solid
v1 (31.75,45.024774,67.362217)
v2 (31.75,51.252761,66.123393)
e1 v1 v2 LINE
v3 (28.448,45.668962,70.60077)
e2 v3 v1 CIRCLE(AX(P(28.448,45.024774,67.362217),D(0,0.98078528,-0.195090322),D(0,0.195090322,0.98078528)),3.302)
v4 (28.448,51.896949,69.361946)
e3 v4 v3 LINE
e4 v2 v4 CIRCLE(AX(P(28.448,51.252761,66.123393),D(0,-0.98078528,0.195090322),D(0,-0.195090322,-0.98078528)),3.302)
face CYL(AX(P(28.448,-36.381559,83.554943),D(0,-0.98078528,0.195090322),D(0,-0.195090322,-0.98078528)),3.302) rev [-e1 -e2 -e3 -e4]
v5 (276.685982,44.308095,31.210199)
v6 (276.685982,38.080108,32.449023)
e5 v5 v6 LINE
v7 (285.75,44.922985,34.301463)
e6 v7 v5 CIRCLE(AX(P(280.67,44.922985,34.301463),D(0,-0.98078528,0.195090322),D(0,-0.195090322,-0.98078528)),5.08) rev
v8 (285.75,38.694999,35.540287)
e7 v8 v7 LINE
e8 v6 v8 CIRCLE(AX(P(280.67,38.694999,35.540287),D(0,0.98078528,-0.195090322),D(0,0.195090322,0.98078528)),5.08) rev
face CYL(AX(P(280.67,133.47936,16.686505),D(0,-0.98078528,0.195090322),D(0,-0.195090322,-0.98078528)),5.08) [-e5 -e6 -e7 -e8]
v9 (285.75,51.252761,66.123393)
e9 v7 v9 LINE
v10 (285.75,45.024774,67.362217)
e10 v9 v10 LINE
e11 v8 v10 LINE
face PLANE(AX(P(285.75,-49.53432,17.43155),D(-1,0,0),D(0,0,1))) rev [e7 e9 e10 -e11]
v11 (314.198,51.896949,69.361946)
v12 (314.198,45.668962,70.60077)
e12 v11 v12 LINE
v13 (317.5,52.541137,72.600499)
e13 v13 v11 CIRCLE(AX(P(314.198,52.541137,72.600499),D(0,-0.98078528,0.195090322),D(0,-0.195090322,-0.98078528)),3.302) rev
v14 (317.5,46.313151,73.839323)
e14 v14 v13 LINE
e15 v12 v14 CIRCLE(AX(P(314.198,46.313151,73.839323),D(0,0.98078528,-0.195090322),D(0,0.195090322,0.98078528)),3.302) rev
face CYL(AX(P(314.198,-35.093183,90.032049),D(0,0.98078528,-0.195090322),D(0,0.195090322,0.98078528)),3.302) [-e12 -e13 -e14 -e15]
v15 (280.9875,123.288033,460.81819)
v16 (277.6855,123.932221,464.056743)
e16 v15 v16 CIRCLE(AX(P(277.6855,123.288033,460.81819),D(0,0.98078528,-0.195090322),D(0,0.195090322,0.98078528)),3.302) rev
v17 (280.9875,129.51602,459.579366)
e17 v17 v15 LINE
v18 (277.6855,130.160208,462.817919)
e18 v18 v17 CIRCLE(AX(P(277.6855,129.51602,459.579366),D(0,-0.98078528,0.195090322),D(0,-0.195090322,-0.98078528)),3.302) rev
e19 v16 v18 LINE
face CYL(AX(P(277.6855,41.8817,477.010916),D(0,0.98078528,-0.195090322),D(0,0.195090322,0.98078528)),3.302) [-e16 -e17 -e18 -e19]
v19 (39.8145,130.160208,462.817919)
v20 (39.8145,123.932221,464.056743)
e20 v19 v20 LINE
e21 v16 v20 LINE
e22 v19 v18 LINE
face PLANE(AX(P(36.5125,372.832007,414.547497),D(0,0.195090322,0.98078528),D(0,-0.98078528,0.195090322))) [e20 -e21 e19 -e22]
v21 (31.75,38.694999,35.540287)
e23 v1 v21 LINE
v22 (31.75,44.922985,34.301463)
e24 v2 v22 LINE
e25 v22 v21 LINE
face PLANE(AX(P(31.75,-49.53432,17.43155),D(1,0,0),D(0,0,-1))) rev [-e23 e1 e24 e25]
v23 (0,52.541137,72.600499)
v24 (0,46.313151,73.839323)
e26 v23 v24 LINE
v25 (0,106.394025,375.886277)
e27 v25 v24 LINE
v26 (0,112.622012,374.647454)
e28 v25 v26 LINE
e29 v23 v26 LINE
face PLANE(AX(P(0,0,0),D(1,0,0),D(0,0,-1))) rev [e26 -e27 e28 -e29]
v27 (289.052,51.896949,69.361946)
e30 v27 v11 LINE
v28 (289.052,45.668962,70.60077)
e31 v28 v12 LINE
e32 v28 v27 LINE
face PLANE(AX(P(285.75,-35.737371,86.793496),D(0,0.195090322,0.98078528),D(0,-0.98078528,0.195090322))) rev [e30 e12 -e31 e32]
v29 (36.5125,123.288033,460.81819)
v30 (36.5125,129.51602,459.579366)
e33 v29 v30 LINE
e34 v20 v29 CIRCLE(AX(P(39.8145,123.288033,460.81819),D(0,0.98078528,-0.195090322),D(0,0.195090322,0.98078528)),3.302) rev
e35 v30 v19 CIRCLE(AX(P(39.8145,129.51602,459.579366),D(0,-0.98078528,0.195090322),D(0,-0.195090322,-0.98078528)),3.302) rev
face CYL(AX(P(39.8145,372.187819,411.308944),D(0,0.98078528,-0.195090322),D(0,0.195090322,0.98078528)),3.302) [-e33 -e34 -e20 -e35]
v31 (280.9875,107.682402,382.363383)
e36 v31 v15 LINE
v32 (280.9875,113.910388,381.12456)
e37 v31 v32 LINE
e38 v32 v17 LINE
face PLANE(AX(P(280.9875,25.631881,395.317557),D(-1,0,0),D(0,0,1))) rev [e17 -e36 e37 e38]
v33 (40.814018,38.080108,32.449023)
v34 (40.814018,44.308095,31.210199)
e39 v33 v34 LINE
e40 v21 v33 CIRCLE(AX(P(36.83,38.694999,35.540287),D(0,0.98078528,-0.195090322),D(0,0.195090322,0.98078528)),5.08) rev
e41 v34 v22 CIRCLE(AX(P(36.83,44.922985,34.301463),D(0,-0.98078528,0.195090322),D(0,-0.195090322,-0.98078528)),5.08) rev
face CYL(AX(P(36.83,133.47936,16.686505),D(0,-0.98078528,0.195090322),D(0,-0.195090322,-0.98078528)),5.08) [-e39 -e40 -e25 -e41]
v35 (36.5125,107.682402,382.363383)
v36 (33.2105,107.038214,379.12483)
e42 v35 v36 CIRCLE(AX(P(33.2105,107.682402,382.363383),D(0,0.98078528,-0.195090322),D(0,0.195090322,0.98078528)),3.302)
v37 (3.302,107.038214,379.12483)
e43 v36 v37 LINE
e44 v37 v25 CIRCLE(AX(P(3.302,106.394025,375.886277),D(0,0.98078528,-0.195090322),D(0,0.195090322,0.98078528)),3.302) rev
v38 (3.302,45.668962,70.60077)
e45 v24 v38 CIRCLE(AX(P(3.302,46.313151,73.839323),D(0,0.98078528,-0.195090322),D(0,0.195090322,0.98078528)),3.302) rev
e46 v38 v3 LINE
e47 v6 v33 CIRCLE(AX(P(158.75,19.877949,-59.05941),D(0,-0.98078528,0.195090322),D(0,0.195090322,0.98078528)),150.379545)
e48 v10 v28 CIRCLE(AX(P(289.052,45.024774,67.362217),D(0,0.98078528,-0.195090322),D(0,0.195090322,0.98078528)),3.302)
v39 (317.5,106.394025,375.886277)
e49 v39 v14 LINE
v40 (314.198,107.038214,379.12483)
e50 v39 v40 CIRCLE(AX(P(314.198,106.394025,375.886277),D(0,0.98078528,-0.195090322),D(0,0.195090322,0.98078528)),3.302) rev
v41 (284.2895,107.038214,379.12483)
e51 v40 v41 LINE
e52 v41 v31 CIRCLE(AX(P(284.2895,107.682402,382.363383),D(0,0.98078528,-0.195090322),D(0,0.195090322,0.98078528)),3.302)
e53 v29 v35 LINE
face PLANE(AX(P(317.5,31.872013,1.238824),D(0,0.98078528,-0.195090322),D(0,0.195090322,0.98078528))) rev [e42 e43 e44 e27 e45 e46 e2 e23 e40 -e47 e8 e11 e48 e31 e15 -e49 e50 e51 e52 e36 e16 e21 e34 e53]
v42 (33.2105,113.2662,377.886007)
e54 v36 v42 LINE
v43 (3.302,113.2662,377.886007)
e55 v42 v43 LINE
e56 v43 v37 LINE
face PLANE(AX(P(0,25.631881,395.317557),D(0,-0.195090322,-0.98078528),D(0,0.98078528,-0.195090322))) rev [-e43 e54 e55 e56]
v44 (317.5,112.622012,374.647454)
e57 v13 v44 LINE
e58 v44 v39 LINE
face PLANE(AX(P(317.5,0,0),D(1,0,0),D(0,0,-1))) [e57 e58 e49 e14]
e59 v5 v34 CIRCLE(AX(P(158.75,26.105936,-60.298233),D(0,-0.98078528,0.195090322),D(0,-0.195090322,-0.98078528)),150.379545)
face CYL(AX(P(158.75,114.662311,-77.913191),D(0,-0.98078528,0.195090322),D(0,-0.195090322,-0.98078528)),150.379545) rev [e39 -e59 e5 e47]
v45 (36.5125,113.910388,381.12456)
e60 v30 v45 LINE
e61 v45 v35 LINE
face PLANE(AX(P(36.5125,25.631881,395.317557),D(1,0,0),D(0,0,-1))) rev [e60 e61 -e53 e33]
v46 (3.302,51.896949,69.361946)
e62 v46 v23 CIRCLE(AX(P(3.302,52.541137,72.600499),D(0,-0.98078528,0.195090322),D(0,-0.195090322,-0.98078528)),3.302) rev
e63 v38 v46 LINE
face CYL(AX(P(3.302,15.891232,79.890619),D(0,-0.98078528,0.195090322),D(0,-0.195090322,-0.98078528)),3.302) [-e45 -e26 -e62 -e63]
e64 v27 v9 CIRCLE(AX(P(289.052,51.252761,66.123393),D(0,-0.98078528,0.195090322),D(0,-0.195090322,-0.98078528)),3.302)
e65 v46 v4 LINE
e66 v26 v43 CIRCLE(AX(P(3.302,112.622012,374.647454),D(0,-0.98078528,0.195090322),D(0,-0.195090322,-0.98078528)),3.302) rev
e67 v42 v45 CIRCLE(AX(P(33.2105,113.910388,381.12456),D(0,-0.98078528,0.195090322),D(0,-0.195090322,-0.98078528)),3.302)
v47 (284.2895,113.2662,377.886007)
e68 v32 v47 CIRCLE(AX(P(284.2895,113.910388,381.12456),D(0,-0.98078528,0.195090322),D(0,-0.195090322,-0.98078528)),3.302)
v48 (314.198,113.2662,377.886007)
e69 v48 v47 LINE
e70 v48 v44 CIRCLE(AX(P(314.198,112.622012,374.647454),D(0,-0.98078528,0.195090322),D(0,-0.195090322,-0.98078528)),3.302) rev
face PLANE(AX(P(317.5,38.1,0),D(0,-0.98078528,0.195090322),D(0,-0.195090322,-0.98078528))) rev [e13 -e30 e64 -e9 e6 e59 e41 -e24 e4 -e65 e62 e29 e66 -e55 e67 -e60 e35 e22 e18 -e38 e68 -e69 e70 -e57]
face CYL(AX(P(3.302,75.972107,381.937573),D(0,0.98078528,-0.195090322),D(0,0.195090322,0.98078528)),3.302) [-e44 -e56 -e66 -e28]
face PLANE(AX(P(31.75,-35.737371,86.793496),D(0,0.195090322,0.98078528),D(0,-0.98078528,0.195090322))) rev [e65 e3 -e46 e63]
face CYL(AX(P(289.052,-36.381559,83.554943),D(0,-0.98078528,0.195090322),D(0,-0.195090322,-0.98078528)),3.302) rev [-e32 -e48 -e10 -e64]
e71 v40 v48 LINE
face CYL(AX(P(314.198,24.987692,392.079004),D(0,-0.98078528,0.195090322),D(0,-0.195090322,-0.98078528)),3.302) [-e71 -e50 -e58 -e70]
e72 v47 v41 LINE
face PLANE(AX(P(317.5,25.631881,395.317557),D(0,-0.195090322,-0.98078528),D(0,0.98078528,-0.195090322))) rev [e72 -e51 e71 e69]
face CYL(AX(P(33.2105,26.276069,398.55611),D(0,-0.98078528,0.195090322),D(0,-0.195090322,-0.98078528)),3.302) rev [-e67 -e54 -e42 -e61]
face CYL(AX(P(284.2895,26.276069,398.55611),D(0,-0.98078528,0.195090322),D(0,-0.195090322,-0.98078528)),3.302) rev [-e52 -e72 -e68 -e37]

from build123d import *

# Parameters (mm, degrees)
BOSS_EXTRUDE1_DEPTH = 317.5
SKETCH2_W           = 31.75
SKETCH2_H           = 70.720826982
SKETCH2_W_2         = 36.5125
SKETCH2_H_2         = 48.495826983
CUT_EXTRUDE1_DEPTH  = 90.351177502
SKETCH5_W           = 244.475
SKETCH5_H           = 38.1
BOSS_EXTRUDE2_DEPTH = 6.35
CUT_EXTRUDE3_DEPTH  = 97.641296888
FILLET3_R           = 5.08
FILLET4_R           = 3.302


with BuildPart() as part:
    # Sketch1 → Boss-Extrude1 (new body)
    with BuildSketch(Plane(origin=(0, 0, 0), x_dir=(0, 0, -1), z_dir=(1, 0, 0))):
        Polygon((0, 38.1), (-1.238823545, 31.872013469), (-426.688823545, 116.499280171), (-425.45, 122.727266702), align=None)
    extrude(amount=BOSS_EXTRUDE1_DEPTH)

    # Sketch2 → Cut-Extrude1 (cut, through all)
    with BuildSketch(Plane(origin=(0, 36.649905094, -7.290119387), x_dir=(1, 0, 0), z_dir=(0, 0.98078528, -0.195090322))):
        with Locations((15.875, -42.79335476)):
            Rectangle(SKETCH2_W, SKETCH2_H)
        with Locations((18.25625, -416.970086038)):
            Rectangle(SKETCH2_W_2, SKETCH2_H_2)
        with Locations((301.625, -42.79335476)):
            Rectangle(SKETCH2_W, SKETCH2_H)
        with Locations((299.24375, -416.970086038)):
            Rectangle(SKETCH2_W_2, SKETCH2_H_2)
    extrude(amount=-CUT_EXTRUDE1_DEPTH, mode=Mode.SUBTRACT)

    # Sketch5 → Boss-Extrude2 (add)
    with BuildSketch(Plane(origin=(0, 30.421918564, -6.051295842), x_dir=(1, 0, 0), z_dir=(0, -0.98078528, 0.195090322))):
        with Locations((158.75, 460.267999529)):
            Rectangle(SKETCH5_W, SKETCH5_H)
    extrude(amount=-BOSS_EXTRUDE2_DEPTH)

    # Sketch6 → Cut-Extrude3 (cut, through all)
    with BuildSketch(Plane(origin=(0, 30.421918564, -6.051295842), x_dir=(1, 0, 0), z_dir=(0, -0.98078528, 0.195090322))):
        with BuildLine():
            Line((31.75, 26.482941269), (31.75, 7.432941269))
            Line((31.75, 7.432941269), (285.75, 7.432941269))
            Line((285.75, 7.432941269), (285.75, 26.482941269))
            ThreePointArc((285.75, 26.482941269), (158.75, 96.332941269), (31.75, 26.482941269))
        make_face()
    extrude(amount=-CUT_EXTRUDE3_DEPTH, mode=Mode.SUBTRACT)

    # Fillet3
    fillet3_edges = [part.edges().sort_by_distance(p)[0] for p in [
        (285.75, 38.702477369, 19.303371364),
        (31.75, 38.702477369, 19.303371364),
    ]]
    fillet(fillet3_edges, radius=FILLET3_R)

    # Fillet4
    fillet4_edges = [part.edges().sort_by_distance(p)[0] for p in [
        (0, 48.782955644, 69.981357895),
        (0, 110.152206934, 378.505418507),
        (317.5, 110.152206934, 378.505418507),
        (317.5, 48.782955644, 69.981357895),
        (36.5125, 110.152206934, 378.505418507),
        (285.75, 48.782955644, 69.981357895),
        (280.9875, 110.152206934, 378.505418507),
        (31.75, 48.782955644, 69.981357895),
        (36.5125, 127.046214705, 463.437330956),
        (280.9875, 127.046214705, 463.437330956),
    ]]
    fillet(fillet4_edges, radius=FILLET4_R)


solid = part.part
